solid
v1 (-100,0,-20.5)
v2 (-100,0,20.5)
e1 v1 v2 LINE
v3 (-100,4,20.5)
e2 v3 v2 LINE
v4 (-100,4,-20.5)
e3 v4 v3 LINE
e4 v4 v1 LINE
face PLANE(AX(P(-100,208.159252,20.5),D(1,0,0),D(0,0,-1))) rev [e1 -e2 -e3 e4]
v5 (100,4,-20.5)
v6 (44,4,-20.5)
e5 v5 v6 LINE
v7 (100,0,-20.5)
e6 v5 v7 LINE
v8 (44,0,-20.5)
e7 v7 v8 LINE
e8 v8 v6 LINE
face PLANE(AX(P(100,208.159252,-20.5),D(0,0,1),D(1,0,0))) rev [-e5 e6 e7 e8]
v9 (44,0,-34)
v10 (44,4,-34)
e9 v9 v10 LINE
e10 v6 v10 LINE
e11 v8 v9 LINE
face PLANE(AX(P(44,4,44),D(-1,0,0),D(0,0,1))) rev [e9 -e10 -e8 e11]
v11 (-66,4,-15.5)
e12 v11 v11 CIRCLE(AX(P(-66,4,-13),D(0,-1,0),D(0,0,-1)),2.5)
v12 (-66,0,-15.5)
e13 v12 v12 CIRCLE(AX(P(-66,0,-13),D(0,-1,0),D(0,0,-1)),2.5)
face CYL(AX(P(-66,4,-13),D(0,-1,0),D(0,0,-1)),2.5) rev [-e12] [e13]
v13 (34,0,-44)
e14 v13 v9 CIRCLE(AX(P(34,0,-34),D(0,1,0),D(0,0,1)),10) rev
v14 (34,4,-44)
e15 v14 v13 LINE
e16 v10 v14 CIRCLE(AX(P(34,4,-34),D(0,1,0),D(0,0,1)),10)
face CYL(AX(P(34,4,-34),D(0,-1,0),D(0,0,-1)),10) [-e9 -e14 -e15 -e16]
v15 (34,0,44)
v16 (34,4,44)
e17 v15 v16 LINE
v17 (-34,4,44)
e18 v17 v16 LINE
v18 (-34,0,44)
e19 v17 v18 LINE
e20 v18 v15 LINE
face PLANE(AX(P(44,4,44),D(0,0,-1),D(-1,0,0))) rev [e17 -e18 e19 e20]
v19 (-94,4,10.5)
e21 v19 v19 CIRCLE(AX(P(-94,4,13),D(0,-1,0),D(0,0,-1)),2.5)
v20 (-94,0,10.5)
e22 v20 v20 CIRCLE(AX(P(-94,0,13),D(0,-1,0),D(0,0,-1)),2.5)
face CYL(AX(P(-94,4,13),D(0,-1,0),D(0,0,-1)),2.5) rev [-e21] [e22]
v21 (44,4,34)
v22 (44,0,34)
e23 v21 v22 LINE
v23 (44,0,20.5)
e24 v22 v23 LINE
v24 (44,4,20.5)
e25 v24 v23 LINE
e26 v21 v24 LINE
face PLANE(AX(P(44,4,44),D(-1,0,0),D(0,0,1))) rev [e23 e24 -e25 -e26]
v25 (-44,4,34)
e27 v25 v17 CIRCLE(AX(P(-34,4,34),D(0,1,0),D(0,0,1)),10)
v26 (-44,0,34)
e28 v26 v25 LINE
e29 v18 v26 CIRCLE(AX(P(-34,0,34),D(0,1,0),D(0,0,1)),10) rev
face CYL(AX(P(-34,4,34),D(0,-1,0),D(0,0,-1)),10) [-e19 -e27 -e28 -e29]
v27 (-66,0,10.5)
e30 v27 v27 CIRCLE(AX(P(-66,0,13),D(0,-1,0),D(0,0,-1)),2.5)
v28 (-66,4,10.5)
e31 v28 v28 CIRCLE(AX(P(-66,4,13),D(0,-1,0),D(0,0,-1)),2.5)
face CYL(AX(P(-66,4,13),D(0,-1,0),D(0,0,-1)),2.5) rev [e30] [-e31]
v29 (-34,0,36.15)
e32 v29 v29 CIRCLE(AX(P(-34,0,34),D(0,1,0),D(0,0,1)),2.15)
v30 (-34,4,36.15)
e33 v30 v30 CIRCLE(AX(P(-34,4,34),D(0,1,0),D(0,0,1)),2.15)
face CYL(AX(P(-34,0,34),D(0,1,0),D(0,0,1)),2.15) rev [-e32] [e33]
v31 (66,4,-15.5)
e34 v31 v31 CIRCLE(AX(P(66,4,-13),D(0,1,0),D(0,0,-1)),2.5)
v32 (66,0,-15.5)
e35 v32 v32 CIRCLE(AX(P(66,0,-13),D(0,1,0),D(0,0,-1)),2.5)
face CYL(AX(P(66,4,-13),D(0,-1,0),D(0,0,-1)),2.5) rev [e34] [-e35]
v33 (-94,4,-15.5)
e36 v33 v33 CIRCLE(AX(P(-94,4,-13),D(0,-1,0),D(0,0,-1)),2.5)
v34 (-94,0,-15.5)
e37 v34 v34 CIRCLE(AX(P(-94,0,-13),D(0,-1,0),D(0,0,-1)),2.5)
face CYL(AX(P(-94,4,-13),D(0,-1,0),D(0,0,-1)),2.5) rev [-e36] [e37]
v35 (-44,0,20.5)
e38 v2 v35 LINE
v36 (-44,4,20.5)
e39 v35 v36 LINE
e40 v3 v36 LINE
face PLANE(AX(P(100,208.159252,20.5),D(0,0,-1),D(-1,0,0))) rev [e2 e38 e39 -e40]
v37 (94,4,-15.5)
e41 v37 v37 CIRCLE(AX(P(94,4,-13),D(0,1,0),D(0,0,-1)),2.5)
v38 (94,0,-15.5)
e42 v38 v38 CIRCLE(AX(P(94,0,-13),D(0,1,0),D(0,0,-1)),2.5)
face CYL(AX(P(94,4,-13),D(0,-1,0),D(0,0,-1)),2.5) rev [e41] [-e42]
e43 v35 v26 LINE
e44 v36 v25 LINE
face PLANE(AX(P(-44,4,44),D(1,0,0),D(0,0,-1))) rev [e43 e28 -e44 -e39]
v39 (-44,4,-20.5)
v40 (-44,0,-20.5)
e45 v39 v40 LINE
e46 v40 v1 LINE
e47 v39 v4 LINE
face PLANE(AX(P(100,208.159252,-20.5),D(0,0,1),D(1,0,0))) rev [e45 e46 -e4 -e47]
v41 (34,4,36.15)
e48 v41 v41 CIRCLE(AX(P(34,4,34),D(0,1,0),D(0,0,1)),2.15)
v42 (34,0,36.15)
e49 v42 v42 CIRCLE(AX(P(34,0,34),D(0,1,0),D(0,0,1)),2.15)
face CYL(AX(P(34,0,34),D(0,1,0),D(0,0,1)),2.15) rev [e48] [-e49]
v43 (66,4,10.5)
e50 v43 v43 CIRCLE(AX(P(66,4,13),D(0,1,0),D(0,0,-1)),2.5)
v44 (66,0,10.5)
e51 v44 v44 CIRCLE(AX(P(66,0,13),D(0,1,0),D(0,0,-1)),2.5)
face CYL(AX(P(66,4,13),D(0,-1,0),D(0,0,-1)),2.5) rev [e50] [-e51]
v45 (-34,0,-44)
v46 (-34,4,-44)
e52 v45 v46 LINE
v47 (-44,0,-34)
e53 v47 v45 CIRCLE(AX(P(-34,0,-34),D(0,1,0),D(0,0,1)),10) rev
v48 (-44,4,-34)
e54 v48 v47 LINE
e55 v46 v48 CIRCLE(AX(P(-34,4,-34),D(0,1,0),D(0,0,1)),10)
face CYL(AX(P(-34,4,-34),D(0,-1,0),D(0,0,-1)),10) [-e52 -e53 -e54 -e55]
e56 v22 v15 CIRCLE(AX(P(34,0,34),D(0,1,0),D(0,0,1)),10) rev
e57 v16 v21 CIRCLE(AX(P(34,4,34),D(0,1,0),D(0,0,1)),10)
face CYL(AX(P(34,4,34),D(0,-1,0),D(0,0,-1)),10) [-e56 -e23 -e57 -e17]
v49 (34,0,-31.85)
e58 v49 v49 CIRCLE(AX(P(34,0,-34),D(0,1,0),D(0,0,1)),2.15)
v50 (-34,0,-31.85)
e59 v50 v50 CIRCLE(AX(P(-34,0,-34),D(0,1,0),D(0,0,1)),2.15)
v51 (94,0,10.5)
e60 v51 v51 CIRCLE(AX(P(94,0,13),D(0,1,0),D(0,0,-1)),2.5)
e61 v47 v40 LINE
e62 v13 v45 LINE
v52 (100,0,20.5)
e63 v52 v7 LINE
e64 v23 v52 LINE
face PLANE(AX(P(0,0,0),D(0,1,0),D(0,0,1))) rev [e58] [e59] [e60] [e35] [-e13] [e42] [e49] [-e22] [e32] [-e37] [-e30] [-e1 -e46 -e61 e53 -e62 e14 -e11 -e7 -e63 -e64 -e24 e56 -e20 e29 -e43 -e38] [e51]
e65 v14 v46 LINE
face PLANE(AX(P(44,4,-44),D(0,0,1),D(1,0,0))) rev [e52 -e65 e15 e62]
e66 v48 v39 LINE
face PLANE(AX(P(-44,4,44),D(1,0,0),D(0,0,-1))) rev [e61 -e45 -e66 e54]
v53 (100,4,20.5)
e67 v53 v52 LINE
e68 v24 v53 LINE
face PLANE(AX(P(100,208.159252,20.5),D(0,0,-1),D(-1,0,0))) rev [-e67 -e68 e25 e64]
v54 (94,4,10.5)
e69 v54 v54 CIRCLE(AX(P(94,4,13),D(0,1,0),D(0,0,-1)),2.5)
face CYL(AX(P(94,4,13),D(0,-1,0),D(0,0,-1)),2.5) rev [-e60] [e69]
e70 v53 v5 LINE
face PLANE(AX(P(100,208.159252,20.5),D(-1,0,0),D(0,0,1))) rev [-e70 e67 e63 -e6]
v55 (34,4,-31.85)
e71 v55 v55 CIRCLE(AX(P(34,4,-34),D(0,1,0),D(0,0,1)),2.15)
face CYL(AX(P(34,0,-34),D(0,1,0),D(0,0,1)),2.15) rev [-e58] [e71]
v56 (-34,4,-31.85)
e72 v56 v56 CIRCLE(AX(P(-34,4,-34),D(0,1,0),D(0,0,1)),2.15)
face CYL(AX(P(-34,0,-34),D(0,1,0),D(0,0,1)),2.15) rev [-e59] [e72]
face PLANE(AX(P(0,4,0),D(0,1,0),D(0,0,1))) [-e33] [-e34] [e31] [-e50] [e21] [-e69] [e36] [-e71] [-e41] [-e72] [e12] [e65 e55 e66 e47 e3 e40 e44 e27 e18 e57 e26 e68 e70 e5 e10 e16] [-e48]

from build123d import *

# Parameters (mm, degrees)
SKETCH1_W           = 88
SKETCH1_H           = 88
BOSS_EXTRUDE1_DEPTH = 4
FILLET1_R           = 10
SKETCH2_R           = 2.15
CUT_EXTRUDE1_DEPTH  = 5
SKETCH3_W           = 200
SKETCH3_H           = 41
BOSS_EXTRUDE2_DEPTH = 4
SKETCH5_R           = 2.5
CUT_EXTRUDE2_DEPTH  = 5


with BuildPart() as part:
    # Sketch1 → Boss-Extrude1 (new body)
    with BuildSketch(Plane(origin=(0, 0, 0), x_dir=(1, 0, 0), z_dir=(0, 1, 0))):
        Rectangle(SKETCH1_W, SKETCH1_H)
    extrude(amount=BOSS_EXTRUDE1_DEPTH)

    # Fillet1
    fillet1_edges = [part.edges().sort_by_distance(p)[0] for p in [
        (-44, 2, -44),
        (44, 2, -44),
        (44, 2, 44),
        (-44, 2, 44),
    ]]
    fillet(fillet1_edges, radius=FILLET1_R)

    # Sketch2 → Cut-Extrude1 (cut, through all)
    with BuildSketch(Plane(origin=(0, 4, 0), x_dir=(1, 0, 0), z_dir=(0, 1, 0))):
        with Locations((34, 34)):
            Circle(SKETCH2_R)
        with Locations((-34, 34)):
            Circle(SKETCH2_R)
        with Locations((34, -34)):
            Circle(SKETCH2_R)
        with Locations((-34, -34)):
            Circle(SKETCH2_R)
    extrude(amount=-CUT_EXTRUDE1_DEPTH, mode=Mode.SUBTRACT)

    # Sketch3 → Boss-Extrude2 (add)
    with BuildSketch(Plane(origin=(0, 0, 0), x_dir=(1, 0, 0), z_dir=(0, 1, 0))):
        Rectangle(SKETCH3_W, SKETCH3_H)
    extrude(amount=BOSS_EXTRUDE2_DEPTH)

    # Sketch5 → Cut-Extrude2 (cut, through all)
    with BuildSketch(Plane.XZ):
        with Locations((-66, 13)):
            Circle(SKETCH5_R)
        with Locations((-66, -13)):
            Circle(SKETCH5_R)
        with Locations((-94, -13)):
            Circle(SKETCH5_R)
        with Locations((-94, 13)):
            Circle(SKETCH5_R)
    cut_extrude2 = extrude(amount=-CUT_EXTRUDE2_DEPTH, mode=Mode.SUBTRACT)

    # Mirror1: Cut-Extrude2 across plane
    add(cut_extrude2.mirror(Plane(origin=(0, 0, 0), x_dir=(0, 0, 1), z_dir=(1, 0, 0))), mode=Mode.SUBTRACT)


solid = part.part
